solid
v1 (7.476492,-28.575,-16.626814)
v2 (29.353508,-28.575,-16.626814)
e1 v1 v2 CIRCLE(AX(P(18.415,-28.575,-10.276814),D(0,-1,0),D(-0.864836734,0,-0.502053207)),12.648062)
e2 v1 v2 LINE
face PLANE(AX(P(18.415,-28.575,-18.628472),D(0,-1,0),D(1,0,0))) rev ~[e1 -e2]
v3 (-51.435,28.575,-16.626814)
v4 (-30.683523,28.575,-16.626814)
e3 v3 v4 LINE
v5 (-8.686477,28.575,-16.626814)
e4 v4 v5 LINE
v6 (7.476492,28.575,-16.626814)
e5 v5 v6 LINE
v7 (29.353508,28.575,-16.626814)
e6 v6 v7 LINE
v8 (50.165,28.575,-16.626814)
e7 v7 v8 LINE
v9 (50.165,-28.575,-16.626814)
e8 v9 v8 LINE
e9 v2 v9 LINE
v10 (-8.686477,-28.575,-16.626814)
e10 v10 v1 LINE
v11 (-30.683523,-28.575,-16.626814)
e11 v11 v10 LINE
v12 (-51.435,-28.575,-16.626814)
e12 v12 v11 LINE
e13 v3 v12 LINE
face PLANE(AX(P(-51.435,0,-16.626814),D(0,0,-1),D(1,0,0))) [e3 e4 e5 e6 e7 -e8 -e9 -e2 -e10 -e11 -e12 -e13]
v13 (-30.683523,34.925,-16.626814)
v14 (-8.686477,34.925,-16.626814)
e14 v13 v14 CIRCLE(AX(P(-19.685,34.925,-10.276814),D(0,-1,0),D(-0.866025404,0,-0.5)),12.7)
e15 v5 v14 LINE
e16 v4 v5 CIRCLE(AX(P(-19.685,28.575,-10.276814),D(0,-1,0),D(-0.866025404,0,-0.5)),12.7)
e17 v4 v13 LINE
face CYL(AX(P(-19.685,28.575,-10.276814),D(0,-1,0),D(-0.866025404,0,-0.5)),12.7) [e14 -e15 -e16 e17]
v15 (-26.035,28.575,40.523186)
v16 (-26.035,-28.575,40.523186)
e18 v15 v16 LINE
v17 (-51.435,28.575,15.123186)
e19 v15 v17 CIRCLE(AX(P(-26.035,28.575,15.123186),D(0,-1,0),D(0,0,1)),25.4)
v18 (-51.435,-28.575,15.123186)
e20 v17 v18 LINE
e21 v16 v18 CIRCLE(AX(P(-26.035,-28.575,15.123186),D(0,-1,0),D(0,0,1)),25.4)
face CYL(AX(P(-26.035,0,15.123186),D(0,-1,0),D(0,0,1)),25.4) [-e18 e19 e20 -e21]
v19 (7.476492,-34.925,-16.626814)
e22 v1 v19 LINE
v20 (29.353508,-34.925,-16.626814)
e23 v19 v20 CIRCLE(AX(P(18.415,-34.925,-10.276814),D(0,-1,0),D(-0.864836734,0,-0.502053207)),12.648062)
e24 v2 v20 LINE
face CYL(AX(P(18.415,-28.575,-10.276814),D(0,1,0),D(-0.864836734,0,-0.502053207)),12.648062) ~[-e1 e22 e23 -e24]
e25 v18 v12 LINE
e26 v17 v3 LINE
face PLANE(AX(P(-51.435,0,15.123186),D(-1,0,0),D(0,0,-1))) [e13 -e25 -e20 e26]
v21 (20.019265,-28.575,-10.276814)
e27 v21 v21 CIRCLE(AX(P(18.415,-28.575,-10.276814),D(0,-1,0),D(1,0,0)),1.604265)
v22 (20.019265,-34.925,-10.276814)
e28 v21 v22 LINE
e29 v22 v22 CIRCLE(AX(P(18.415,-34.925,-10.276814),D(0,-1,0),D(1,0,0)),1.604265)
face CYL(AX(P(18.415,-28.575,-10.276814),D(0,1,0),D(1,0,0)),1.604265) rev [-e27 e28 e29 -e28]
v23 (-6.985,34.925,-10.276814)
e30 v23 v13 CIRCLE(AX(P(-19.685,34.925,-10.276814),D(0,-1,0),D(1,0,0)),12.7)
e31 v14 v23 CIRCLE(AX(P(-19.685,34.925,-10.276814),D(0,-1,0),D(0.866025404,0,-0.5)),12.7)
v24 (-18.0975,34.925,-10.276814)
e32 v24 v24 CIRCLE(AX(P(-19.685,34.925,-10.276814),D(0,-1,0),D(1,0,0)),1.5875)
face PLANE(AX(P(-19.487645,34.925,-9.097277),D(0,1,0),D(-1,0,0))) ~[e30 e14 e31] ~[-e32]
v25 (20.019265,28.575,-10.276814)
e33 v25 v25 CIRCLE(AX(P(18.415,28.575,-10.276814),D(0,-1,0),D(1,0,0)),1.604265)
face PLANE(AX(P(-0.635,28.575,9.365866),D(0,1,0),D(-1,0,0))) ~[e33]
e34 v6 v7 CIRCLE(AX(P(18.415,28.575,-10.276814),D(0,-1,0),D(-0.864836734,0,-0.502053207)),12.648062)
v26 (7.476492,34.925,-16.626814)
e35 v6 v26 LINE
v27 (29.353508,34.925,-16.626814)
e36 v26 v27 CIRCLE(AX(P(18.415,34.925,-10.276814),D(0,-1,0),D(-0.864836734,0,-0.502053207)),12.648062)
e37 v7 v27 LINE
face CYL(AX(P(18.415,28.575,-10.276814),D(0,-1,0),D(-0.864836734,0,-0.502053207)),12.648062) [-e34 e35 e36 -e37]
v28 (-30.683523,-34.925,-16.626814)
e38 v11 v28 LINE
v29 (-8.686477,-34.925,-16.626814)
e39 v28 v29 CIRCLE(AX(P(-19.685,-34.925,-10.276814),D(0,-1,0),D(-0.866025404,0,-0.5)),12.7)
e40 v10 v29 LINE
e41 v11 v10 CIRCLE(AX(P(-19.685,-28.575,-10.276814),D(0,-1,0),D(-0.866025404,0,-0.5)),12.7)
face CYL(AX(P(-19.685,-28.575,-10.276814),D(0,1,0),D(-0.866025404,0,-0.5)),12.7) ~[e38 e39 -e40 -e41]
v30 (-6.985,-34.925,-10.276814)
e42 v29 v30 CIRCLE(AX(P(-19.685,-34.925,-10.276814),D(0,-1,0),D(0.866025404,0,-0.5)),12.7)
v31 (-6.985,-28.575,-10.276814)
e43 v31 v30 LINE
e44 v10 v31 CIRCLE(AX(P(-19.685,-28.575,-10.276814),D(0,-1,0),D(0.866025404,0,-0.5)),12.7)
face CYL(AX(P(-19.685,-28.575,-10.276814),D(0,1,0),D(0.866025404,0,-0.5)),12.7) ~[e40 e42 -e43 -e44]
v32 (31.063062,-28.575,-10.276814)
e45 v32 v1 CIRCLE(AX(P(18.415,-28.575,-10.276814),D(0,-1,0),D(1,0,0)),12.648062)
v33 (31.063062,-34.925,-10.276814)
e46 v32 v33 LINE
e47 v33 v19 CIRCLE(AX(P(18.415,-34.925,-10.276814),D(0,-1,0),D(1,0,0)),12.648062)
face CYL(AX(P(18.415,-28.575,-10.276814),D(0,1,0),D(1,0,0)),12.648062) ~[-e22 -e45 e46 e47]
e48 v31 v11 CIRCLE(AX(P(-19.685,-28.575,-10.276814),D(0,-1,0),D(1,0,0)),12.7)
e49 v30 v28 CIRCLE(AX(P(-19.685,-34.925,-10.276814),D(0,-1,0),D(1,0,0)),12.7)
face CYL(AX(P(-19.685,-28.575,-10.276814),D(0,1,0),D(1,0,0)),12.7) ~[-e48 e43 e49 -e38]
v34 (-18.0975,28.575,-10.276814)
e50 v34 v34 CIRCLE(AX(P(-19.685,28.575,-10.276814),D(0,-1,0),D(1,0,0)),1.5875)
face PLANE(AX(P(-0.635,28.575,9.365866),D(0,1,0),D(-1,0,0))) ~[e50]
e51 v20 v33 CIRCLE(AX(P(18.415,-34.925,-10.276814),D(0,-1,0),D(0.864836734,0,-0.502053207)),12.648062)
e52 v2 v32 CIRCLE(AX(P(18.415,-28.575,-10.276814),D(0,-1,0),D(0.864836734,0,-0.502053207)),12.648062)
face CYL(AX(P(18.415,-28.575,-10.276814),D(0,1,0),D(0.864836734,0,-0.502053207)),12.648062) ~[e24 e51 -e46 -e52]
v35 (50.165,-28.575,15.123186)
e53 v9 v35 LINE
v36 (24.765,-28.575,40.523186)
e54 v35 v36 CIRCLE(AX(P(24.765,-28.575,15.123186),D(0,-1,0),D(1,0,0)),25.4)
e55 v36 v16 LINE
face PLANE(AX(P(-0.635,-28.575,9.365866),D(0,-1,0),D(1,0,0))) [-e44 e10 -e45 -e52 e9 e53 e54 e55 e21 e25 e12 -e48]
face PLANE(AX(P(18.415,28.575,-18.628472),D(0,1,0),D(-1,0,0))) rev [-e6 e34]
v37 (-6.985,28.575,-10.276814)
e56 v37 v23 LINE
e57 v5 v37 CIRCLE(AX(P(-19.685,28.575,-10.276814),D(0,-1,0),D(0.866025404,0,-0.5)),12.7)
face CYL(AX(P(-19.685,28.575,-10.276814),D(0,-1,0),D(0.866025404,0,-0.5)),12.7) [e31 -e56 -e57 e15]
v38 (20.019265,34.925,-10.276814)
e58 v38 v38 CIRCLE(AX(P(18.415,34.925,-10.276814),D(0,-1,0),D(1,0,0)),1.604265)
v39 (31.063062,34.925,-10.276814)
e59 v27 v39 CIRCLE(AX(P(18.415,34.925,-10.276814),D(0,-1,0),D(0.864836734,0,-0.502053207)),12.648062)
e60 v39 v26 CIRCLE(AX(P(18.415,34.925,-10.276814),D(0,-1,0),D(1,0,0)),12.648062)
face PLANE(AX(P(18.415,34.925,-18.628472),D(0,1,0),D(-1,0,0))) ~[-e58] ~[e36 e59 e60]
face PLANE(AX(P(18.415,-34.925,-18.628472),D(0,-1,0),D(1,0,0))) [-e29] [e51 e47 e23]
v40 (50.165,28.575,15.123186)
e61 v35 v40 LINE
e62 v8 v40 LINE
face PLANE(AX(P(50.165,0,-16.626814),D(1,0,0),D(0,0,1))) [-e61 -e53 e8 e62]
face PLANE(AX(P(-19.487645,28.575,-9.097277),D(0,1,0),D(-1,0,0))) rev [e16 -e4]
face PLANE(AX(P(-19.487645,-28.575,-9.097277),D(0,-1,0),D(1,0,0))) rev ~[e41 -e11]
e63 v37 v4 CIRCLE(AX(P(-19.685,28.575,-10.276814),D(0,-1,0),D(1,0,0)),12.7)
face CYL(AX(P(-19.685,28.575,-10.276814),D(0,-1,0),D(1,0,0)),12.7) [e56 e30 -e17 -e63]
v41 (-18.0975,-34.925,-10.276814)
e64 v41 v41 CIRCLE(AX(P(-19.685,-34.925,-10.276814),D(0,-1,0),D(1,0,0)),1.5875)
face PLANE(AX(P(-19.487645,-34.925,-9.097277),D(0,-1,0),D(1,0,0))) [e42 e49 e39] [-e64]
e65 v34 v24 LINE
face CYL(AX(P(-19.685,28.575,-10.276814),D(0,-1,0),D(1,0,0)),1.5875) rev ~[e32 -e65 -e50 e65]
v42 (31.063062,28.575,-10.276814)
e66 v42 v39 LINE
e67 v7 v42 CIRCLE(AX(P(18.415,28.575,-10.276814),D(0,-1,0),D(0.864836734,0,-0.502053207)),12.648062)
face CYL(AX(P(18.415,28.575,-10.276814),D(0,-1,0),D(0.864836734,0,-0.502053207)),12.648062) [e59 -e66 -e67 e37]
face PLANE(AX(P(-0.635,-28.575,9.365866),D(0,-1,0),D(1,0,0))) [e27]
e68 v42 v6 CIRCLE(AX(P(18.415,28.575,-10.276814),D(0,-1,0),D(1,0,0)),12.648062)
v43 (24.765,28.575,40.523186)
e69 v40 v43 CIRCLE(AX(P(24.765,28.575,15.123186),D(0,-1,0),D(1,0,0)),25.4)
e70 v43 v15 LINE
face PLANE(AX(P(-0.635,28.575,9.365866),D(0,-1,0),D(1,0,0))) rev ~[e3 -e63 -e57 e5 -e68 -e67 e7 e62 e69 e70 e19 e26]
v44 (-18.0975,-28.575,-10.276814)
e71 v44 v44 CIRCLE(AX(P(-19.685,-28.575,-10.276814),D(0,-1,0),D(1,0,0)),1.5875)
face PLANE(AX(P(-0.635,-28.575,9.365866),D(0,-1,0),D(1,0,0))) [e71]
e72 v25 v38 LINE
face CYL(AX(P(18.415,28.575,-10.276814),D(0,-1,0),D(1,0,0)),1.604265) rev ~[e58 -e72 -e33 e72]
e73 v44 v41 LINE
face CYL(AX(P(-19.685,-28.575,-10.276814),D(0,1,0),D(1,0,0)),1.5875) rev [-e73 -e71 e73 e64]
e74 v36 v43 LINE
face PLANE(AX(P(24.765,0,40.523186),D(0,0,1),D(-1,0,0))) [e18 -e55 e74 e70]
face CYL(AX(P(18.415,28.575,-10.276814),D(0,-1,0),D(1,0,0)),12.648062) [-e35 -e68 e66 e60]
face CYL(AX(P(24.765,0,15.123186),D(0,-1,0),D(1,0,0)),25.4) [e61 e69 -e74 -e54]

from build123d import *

# Parameters (mm, degrees)
F1_DEPTH = 28.575
F2_R     = 1.5875
F2_R_2   = 1.6042654536
F3_DEPTH = 6.35


with BuildPart() as f1:
    # F0 (on Front) → F1 (new body, symmetric)
    with BuildSketch(Plane.XZ):
        with BuildLine():
            Line((24.765, 40.5231858473), (-26.035, 40.5231858473))
            ThreePointArc((-26.035, 40.5231858473), (-43.9955122421, 33.0836980894), (-51.435, 15.1231858473))
            Line((-51.435, 15.1231858473), (-51.435, -16.6268141527))
            Line((-51.435, -16.6268141527), (50.165, -16.6268141527))
            Line((50.165, -16.6268141527), (50.165, 15.1231858473))
            ThreePointArc((50.165, 15.1231858473), (42.7255122421, 33.0836980894), (24.765, 40.5231858473))
        make_face()
    extrude(amount=F1_DEPTH, both=True)

    # F2 (on face) → F3 (join)
    with BuildSketch(Plane.XZ.offset(28.575)):
        with BuildLine():
            ThreePointArc((-8.6864773719, -16.6268141527), (-7.4177420061, -13.5638160255), (-6.985, -10.2768141527))
            ThreePointArc((-6.985, -10.2768141527), (-22.9720018728, 1.9904438412), (-30.6835226281, -16.6268141527))
            Line((-30.6835226281, -16.6268141527), (-8.6864773719, -16.6268141527))
        make_face()
        with Locations((-19.685, -10.2768141527)):
            Circle(F2_R, mode=Mode.SUBTRACT)
        with BuildLine():
            Line((-8.6864773719, -16.6268141527), (-30.6835226281, -16.6268141527))
            ThreePointArc((-30.6835226281, -16.6268141527), (-19.685, -22.9768141527), (-8.6864773719, -16.6268141527))
        make_face()
        with BuildLine():
            Line((29.3535084774, -16.6268141527), (7.4764915226, -16.6268141527))
            ThreePointArc((7.4764915226, -16.6268141527), (18.415, -22.9248759691), (29.3535084774, -16.6268141527))
        make_face()
        with BuildLine():
            ThreePointArc((31.0630618164, -10.2768141527), (15.1269507068, 1.9363836086), (7.4764915226, -16.6268141527))
            Line((7.4764915226, -16.6268141527), (29.3535084774, -16.6268141527))
            ThreePointArc((29.3535084774, -16.6268141527), (30.6281977613, -13.5648634459), (31.0630618164, -10.2768141527))
        make_face()
        with Locations((18.415, -10.2768141527)):
            Circle(F2_R_2, mode=Mode.SUBTRACT)
    extrude(amount=F3_DEPTH)

    # F4: F1 across plane


with BuildPart() as f1_1:
    add(f1.part)
    add(f1.part.mirror(Plane.XZ))


solid = f1_1.part
